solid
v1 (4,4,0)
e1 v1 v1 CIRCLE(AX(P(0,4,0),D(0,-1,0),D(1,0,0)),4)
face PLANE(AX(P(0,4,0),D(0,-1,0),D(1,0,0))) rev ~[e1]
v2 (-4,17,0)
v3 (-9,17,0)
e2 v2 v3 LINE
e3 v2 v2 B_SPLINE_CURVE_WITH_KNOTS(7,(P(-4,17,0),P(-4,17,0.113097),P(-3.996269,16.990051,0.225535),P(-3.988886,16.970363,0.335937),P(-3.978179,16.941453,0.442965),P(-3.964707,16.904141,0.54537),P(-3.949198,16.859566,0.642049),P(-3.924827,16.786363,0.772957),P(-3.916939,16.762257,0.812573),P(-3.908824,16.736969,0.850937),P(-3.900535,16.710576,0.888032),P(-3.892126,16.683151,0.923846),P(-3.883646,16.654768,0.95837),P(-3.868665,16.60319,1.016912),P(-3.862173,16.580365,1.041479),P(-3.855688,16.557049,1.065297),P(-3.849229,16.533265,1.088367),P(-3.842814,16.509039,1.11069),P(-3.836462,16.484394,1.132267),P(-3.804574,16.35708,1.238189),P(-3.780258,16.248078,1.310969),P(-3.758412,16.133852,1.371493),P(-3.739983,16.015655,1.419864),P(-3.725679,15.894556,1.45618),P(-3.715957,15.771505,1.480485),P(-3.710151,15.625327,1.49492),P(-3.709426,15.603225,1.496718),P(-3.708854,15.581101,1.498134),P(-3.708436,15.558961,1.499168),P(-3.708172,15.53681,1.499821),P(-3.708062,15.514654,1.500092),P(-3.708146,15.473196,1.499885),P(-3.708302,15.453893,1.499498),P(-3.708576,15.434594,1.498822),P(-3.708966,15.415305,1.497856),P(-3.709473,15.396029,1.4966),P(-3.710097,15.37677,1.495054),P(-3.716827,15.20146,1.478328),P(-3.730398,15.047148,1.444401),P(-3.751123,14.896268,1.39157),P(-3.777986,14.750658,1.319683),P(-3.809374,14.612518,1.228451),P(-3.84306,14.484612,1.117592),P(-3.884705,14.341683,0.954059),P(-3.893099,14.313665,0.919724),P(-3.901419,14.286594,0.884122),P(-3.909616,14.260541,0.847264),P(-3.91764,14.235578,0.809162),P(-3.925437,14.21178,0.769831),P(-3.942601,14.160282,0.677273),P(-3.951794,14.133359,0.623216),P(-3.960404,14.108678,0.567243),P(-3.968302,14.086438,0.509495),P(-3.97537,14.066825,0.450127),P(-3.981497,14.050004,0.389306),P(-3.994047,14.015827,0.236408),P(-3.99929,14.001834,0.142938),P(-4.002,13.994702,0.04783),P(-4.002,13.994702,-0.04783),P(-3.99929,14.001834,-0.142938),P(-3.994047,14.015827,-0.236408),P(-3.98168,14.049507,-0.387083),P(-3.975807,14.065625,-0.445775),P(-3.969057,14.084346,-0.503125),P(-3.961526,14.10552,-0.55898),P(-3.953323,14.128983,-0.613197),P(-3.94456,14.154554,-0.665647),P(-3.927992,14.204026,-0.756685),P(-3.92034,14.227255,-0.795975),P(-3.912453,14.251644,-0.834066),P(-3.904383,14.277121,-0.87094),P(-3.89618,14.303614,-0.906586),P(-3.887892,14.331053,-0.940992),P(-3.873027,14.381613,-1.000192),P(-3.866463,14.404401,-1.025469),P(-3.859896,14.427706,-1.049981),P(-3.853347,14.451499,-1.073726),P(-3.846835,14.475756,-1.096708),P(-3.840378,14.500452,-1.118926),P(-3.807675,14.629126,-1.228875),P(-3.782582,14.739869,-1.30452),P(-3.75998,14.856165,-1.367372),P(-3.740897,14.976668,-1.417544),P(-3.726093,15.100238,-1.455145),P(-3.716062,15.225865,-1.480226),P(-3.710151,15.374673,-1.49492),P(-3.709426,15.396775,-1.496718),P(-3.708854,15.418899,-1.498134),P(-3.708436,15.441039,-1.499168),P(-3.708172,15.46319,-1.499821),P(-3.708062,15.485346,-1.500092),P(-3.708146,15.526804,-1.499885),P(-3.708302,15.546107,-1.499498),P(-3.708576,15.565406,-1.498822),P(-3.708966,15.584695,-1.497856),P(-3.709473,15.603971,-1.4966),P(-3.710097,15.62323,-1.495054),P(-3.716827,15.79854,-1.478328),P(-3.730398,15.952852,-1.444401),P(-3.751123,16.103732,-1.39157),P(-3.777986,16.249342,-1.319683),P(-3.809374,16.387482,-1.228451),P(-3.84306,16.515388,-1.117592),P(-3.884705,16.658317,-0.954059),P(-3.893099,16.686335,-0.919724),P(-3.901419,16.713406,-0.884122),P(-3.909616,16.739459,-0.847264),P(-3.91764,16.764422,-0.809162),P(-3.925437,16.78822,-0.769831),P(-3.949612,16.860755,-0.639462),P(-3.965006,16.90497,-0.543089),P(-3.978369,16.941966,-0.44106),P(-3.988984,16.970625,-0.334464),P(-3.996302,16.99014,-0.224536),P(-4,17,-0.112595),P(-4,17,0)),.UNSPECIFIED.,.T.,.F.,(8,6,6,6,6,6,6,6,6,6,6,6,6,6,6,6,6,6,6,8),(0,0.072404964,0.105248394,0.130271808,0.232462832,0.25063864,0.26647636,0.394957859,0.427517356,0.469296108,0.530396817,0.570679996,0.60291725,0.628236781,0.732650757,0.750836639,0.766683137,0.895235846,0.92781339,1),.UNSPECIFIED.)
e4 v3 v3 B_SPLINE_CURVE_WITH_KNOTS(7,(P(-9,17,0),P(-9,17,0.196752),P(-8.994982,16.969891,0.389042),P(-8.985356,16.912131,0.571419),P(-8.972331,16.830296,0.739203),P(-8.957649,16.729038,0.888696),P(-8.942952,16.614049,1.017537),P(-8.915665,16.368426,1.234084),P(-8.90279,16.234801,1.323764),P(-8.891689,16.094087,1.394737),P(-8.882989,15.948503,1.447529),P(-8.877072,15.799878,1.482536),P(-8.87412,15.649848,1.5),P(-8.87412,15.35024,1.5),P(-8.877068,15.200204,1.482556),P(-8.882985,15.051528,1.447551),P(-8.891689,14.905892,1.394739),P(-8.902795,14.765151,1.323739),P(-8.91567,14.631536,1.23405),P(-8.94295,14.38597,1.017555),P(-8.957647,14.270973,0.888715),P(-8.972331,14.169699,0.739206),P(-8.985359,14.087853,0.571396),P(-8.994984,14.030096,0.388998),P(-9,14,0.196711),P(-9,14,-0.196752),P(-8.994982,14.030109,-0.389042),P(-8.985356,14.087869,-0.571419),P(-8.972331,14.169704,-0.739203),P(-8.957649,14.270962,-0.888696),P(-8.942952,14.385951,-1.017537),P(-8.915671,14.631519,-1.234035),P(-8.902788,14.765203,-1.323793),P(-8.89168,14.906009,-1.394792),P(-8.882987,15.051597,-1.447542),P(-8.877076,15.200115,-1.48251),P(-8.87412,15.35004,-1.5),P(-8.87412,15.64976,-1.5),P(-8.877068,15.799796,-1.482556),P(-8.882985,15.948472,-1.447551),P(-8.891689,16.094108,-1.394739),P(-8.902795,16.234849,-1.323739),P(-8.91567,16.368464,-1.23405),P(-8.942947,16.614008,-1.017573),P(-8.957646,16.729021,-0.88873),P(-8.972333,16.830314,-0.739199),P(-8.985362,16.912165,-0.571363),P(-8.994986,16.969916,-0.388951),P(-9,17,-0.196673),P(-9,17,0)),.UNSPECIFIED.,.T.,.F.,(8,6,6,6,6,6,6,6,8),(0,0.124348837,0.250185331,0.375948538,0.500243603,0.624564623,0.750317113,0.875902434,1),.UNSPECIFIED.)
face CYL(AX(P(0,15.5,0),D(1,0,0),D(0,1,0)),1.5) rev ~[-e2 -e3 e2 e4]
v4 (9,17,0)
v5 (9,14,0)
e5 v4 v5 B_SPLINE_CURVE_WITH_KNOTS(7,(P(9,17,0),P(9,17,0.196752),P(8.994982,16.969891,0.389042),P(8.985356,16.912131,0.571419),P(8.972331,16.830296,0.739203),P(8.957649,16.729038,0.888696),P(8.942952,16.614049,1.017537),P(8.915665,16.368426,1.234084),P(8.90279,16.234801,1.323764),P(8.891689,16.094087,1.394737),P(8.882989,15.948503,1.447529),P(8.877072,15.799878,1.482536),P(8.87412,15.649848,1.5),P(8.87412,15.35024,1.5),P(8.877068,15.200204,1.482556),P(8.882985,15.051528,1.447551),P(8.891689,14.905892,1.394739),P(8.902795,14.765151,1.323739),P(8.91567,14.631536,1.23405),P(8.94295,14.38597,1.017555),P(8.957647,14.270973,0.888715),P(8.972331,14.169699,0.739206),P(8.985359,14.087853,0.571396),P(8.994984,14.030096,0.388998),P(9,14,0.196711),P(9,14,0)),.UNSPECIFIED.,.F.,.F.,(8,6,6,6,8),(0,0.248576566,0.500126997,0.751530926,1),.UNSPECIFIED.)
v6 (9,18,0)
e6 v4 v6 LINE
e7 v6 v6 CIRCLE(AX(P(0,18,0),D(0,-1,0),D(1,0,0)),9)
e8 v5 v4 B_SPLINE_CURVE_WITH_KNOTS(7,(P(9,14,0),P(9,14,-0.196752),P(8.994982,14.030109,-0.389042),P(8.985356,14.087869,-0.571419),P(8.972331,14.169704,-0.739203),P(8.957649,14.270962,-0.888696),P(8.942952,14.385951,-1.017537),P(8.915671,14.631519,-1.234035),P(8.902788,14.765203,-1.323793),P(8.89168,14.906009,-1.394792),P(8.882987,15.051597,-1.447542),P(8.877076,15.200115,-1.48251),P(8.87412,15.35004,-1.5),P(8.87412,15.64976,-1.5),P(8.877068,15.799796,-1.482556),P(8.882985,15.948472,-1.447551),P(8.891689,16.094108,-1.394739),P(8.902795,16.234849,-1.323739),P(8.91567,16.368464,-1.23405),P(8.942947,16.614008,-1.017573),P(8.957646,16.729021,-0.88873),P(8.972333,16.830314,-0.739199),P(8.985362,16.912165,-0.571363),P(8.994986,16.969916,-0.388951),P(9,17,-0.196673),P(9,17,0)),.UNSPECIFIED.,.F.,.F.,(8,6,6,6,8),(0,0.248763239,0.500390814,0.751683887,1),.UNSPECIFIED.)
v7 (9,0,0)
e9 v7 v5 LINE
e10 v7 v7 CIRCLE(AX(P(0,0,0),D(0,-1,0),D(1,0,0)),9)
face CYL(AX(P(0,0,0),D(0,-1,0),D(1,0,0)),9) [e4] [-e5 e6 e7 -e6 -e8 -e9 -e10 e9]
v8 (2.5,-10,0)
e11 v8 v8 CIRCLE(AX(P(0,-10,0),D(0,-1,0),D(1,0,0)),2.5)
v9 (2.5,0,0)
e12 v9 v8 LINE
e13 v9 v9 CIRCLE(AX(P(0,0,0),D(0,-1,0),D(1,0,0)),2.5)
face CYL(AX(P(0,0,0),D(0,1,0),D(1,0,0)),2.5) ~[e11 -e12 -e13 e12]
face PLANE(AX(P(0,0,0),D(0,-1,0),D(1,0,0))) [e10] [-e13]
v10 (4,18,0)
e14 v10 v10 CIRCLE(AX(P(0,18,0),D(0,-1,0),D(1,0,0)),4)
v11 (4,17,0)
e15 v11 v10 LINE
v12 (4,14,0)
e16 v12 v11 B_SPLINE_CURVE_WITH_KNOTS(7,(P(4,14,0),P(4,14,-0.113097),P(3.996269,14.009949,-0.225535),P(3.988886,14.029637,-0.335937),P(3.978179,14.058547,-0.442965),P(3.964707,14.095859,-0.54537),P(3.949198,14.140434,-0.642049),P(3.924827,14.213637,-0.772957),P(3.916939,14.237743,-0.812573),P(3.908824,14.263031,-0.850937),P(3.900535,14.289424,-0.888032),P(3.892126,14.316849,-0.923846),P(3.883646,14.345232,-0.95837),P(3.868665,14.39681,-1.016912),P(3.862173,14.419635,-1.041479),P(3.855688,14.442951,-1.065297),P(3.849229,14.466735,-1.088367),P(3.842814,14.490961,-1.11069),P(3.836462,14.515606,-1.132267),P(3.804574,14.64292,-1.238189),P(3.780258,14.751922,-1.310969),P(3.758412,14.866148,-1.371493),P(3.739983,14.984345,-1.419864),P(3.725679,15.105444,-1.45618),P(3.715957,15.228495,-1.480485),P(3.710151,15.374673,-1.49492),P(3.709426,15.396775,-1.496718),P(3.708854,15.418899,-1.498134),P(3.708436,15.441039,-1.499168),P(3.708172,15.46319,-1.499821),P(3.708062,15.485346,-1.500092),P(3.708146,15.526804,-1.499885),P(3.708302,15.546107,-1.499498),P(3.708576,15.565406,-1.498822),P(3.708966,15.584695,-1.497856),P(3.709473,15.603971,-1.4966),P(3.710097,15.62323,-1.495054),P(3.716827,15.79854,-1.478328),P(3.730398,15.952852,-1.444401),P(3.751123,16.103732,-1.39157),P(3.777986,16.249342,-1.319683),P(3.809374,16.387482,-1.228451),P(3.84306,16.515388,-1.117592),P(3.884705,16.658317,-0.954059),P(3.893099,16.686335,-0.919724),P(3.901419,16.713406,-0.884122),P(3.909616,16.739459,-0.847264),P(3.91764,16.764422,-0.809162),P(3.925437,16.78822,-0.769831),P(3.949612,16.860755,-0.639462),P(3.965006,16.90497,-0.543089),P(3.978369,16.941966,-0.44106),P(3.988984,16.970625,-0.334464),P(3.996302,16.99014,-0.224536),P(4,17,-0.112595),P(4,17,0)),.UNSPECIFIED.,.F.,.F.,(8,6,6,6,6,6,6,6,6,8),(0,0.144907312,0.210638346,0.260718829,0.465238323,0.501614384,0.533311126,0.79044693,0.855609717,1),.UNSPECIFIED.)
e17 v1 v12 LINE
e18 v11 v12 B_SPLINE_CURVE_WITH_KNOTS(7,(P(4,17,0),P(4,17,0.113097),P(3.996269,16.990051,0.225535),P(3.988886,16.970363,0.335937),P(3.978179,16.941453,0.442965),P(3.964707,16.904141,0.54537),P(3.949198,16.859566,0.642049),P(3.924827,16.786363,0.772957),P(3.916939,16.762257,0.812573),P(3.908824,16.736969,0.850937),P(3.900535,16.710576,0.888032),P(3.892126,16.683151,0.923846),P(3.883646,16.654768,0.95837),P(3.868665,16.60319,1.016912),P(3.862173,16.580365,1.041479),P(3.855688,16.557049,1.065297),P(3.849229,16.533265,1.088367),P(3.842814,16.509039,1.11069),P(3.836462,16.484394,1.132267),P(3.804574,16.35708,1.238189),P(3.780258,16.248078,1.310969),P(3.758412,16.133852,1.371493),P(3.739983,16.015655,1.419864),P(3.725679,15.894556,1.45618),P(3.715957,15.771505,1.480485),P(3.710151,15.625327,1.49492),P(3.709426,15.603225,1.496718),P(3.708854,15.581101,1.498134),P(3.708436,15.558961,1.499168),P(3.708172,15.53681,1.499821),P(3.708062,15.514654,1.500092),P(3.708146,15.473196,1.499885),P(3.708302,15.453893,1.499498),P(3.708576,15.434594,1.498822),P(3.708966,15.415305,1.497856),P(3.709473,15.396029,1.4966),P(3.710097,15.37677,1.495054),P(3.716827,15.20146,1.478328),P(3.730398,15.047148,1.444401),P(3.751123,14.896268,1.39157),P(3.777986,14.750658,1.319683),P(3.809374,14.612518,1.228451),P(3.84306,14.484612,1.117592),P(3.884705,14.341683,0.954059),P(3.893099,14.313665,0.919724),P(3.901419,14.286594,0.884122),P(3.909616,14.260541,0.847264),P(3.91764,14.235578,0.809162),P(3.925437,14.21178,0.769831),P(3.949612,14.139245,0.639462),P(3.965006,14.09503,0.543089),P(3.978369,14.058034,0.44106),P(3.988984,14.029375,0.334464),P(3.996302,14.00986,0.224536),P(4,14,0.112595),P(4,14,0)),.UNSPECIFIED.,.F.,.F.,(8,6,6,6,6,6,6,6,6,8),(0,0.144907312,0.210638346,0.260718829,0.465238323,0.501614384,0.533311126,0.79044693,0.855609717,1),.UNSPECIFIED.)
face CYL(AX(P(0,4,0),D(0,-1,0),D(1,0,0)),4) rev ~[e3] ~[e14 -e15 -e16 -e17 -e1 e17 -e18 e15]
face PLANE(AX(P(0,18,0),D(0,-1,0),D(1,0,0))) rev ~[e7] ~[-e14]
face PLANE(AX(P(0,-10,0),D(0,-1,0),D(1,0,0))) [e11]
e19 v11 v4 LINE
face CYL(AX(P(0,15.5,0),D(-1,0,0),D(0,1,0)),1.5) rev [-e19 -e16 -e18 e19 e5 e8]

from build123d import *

# Parameters (mm, degrees)
F0_R          = 2.5
F1_DEPTH      = 10
F2_R          = 9
F3_DEPTH      = 18
F5_START      = -4
F4_R          = 4
F5_DEPTH      = 21.4
F6_R          = 1.5
F7_DEPTH      = 25.4
F7_DEPTH_BACK = 32.004


with BuildPart() as f1:
    # F0 (on Front) → F1 (new body)
    with BuildSketch(Plane.XZ):
        Circle(F0_R)
    extrude(amount=F1_DEPTH)

    # F2 (on Front) → F3 (join)
    with BuildSketch(Plane.XZ):
        Circle(F2_R)
    extrude(amount=-F3_DEPTH)

    # F4 (on Front) → F5 (cut)
    with BuildSketch(Plane.XZ.offset(F5_START)):
        Circle(F4_R)
    extrude(amount=-F5_DEPTH, mode=Mode.SUBTRACT)

    # F6 (on Right) → F7 (cut, two sides)
    with BuildSketch(Plane.YZ) as f7_sk:
        with Locations((15.5, 0)):
            Circle(F6_R)
    extrude(amount=-F7_DEPTH, mode=Mode.SUBTRACT)
    extrude(f7_sk.sketch, amount=F7_DEPTH_BACK, mode=Mode.SUBTRACT)


solid = f1.part
